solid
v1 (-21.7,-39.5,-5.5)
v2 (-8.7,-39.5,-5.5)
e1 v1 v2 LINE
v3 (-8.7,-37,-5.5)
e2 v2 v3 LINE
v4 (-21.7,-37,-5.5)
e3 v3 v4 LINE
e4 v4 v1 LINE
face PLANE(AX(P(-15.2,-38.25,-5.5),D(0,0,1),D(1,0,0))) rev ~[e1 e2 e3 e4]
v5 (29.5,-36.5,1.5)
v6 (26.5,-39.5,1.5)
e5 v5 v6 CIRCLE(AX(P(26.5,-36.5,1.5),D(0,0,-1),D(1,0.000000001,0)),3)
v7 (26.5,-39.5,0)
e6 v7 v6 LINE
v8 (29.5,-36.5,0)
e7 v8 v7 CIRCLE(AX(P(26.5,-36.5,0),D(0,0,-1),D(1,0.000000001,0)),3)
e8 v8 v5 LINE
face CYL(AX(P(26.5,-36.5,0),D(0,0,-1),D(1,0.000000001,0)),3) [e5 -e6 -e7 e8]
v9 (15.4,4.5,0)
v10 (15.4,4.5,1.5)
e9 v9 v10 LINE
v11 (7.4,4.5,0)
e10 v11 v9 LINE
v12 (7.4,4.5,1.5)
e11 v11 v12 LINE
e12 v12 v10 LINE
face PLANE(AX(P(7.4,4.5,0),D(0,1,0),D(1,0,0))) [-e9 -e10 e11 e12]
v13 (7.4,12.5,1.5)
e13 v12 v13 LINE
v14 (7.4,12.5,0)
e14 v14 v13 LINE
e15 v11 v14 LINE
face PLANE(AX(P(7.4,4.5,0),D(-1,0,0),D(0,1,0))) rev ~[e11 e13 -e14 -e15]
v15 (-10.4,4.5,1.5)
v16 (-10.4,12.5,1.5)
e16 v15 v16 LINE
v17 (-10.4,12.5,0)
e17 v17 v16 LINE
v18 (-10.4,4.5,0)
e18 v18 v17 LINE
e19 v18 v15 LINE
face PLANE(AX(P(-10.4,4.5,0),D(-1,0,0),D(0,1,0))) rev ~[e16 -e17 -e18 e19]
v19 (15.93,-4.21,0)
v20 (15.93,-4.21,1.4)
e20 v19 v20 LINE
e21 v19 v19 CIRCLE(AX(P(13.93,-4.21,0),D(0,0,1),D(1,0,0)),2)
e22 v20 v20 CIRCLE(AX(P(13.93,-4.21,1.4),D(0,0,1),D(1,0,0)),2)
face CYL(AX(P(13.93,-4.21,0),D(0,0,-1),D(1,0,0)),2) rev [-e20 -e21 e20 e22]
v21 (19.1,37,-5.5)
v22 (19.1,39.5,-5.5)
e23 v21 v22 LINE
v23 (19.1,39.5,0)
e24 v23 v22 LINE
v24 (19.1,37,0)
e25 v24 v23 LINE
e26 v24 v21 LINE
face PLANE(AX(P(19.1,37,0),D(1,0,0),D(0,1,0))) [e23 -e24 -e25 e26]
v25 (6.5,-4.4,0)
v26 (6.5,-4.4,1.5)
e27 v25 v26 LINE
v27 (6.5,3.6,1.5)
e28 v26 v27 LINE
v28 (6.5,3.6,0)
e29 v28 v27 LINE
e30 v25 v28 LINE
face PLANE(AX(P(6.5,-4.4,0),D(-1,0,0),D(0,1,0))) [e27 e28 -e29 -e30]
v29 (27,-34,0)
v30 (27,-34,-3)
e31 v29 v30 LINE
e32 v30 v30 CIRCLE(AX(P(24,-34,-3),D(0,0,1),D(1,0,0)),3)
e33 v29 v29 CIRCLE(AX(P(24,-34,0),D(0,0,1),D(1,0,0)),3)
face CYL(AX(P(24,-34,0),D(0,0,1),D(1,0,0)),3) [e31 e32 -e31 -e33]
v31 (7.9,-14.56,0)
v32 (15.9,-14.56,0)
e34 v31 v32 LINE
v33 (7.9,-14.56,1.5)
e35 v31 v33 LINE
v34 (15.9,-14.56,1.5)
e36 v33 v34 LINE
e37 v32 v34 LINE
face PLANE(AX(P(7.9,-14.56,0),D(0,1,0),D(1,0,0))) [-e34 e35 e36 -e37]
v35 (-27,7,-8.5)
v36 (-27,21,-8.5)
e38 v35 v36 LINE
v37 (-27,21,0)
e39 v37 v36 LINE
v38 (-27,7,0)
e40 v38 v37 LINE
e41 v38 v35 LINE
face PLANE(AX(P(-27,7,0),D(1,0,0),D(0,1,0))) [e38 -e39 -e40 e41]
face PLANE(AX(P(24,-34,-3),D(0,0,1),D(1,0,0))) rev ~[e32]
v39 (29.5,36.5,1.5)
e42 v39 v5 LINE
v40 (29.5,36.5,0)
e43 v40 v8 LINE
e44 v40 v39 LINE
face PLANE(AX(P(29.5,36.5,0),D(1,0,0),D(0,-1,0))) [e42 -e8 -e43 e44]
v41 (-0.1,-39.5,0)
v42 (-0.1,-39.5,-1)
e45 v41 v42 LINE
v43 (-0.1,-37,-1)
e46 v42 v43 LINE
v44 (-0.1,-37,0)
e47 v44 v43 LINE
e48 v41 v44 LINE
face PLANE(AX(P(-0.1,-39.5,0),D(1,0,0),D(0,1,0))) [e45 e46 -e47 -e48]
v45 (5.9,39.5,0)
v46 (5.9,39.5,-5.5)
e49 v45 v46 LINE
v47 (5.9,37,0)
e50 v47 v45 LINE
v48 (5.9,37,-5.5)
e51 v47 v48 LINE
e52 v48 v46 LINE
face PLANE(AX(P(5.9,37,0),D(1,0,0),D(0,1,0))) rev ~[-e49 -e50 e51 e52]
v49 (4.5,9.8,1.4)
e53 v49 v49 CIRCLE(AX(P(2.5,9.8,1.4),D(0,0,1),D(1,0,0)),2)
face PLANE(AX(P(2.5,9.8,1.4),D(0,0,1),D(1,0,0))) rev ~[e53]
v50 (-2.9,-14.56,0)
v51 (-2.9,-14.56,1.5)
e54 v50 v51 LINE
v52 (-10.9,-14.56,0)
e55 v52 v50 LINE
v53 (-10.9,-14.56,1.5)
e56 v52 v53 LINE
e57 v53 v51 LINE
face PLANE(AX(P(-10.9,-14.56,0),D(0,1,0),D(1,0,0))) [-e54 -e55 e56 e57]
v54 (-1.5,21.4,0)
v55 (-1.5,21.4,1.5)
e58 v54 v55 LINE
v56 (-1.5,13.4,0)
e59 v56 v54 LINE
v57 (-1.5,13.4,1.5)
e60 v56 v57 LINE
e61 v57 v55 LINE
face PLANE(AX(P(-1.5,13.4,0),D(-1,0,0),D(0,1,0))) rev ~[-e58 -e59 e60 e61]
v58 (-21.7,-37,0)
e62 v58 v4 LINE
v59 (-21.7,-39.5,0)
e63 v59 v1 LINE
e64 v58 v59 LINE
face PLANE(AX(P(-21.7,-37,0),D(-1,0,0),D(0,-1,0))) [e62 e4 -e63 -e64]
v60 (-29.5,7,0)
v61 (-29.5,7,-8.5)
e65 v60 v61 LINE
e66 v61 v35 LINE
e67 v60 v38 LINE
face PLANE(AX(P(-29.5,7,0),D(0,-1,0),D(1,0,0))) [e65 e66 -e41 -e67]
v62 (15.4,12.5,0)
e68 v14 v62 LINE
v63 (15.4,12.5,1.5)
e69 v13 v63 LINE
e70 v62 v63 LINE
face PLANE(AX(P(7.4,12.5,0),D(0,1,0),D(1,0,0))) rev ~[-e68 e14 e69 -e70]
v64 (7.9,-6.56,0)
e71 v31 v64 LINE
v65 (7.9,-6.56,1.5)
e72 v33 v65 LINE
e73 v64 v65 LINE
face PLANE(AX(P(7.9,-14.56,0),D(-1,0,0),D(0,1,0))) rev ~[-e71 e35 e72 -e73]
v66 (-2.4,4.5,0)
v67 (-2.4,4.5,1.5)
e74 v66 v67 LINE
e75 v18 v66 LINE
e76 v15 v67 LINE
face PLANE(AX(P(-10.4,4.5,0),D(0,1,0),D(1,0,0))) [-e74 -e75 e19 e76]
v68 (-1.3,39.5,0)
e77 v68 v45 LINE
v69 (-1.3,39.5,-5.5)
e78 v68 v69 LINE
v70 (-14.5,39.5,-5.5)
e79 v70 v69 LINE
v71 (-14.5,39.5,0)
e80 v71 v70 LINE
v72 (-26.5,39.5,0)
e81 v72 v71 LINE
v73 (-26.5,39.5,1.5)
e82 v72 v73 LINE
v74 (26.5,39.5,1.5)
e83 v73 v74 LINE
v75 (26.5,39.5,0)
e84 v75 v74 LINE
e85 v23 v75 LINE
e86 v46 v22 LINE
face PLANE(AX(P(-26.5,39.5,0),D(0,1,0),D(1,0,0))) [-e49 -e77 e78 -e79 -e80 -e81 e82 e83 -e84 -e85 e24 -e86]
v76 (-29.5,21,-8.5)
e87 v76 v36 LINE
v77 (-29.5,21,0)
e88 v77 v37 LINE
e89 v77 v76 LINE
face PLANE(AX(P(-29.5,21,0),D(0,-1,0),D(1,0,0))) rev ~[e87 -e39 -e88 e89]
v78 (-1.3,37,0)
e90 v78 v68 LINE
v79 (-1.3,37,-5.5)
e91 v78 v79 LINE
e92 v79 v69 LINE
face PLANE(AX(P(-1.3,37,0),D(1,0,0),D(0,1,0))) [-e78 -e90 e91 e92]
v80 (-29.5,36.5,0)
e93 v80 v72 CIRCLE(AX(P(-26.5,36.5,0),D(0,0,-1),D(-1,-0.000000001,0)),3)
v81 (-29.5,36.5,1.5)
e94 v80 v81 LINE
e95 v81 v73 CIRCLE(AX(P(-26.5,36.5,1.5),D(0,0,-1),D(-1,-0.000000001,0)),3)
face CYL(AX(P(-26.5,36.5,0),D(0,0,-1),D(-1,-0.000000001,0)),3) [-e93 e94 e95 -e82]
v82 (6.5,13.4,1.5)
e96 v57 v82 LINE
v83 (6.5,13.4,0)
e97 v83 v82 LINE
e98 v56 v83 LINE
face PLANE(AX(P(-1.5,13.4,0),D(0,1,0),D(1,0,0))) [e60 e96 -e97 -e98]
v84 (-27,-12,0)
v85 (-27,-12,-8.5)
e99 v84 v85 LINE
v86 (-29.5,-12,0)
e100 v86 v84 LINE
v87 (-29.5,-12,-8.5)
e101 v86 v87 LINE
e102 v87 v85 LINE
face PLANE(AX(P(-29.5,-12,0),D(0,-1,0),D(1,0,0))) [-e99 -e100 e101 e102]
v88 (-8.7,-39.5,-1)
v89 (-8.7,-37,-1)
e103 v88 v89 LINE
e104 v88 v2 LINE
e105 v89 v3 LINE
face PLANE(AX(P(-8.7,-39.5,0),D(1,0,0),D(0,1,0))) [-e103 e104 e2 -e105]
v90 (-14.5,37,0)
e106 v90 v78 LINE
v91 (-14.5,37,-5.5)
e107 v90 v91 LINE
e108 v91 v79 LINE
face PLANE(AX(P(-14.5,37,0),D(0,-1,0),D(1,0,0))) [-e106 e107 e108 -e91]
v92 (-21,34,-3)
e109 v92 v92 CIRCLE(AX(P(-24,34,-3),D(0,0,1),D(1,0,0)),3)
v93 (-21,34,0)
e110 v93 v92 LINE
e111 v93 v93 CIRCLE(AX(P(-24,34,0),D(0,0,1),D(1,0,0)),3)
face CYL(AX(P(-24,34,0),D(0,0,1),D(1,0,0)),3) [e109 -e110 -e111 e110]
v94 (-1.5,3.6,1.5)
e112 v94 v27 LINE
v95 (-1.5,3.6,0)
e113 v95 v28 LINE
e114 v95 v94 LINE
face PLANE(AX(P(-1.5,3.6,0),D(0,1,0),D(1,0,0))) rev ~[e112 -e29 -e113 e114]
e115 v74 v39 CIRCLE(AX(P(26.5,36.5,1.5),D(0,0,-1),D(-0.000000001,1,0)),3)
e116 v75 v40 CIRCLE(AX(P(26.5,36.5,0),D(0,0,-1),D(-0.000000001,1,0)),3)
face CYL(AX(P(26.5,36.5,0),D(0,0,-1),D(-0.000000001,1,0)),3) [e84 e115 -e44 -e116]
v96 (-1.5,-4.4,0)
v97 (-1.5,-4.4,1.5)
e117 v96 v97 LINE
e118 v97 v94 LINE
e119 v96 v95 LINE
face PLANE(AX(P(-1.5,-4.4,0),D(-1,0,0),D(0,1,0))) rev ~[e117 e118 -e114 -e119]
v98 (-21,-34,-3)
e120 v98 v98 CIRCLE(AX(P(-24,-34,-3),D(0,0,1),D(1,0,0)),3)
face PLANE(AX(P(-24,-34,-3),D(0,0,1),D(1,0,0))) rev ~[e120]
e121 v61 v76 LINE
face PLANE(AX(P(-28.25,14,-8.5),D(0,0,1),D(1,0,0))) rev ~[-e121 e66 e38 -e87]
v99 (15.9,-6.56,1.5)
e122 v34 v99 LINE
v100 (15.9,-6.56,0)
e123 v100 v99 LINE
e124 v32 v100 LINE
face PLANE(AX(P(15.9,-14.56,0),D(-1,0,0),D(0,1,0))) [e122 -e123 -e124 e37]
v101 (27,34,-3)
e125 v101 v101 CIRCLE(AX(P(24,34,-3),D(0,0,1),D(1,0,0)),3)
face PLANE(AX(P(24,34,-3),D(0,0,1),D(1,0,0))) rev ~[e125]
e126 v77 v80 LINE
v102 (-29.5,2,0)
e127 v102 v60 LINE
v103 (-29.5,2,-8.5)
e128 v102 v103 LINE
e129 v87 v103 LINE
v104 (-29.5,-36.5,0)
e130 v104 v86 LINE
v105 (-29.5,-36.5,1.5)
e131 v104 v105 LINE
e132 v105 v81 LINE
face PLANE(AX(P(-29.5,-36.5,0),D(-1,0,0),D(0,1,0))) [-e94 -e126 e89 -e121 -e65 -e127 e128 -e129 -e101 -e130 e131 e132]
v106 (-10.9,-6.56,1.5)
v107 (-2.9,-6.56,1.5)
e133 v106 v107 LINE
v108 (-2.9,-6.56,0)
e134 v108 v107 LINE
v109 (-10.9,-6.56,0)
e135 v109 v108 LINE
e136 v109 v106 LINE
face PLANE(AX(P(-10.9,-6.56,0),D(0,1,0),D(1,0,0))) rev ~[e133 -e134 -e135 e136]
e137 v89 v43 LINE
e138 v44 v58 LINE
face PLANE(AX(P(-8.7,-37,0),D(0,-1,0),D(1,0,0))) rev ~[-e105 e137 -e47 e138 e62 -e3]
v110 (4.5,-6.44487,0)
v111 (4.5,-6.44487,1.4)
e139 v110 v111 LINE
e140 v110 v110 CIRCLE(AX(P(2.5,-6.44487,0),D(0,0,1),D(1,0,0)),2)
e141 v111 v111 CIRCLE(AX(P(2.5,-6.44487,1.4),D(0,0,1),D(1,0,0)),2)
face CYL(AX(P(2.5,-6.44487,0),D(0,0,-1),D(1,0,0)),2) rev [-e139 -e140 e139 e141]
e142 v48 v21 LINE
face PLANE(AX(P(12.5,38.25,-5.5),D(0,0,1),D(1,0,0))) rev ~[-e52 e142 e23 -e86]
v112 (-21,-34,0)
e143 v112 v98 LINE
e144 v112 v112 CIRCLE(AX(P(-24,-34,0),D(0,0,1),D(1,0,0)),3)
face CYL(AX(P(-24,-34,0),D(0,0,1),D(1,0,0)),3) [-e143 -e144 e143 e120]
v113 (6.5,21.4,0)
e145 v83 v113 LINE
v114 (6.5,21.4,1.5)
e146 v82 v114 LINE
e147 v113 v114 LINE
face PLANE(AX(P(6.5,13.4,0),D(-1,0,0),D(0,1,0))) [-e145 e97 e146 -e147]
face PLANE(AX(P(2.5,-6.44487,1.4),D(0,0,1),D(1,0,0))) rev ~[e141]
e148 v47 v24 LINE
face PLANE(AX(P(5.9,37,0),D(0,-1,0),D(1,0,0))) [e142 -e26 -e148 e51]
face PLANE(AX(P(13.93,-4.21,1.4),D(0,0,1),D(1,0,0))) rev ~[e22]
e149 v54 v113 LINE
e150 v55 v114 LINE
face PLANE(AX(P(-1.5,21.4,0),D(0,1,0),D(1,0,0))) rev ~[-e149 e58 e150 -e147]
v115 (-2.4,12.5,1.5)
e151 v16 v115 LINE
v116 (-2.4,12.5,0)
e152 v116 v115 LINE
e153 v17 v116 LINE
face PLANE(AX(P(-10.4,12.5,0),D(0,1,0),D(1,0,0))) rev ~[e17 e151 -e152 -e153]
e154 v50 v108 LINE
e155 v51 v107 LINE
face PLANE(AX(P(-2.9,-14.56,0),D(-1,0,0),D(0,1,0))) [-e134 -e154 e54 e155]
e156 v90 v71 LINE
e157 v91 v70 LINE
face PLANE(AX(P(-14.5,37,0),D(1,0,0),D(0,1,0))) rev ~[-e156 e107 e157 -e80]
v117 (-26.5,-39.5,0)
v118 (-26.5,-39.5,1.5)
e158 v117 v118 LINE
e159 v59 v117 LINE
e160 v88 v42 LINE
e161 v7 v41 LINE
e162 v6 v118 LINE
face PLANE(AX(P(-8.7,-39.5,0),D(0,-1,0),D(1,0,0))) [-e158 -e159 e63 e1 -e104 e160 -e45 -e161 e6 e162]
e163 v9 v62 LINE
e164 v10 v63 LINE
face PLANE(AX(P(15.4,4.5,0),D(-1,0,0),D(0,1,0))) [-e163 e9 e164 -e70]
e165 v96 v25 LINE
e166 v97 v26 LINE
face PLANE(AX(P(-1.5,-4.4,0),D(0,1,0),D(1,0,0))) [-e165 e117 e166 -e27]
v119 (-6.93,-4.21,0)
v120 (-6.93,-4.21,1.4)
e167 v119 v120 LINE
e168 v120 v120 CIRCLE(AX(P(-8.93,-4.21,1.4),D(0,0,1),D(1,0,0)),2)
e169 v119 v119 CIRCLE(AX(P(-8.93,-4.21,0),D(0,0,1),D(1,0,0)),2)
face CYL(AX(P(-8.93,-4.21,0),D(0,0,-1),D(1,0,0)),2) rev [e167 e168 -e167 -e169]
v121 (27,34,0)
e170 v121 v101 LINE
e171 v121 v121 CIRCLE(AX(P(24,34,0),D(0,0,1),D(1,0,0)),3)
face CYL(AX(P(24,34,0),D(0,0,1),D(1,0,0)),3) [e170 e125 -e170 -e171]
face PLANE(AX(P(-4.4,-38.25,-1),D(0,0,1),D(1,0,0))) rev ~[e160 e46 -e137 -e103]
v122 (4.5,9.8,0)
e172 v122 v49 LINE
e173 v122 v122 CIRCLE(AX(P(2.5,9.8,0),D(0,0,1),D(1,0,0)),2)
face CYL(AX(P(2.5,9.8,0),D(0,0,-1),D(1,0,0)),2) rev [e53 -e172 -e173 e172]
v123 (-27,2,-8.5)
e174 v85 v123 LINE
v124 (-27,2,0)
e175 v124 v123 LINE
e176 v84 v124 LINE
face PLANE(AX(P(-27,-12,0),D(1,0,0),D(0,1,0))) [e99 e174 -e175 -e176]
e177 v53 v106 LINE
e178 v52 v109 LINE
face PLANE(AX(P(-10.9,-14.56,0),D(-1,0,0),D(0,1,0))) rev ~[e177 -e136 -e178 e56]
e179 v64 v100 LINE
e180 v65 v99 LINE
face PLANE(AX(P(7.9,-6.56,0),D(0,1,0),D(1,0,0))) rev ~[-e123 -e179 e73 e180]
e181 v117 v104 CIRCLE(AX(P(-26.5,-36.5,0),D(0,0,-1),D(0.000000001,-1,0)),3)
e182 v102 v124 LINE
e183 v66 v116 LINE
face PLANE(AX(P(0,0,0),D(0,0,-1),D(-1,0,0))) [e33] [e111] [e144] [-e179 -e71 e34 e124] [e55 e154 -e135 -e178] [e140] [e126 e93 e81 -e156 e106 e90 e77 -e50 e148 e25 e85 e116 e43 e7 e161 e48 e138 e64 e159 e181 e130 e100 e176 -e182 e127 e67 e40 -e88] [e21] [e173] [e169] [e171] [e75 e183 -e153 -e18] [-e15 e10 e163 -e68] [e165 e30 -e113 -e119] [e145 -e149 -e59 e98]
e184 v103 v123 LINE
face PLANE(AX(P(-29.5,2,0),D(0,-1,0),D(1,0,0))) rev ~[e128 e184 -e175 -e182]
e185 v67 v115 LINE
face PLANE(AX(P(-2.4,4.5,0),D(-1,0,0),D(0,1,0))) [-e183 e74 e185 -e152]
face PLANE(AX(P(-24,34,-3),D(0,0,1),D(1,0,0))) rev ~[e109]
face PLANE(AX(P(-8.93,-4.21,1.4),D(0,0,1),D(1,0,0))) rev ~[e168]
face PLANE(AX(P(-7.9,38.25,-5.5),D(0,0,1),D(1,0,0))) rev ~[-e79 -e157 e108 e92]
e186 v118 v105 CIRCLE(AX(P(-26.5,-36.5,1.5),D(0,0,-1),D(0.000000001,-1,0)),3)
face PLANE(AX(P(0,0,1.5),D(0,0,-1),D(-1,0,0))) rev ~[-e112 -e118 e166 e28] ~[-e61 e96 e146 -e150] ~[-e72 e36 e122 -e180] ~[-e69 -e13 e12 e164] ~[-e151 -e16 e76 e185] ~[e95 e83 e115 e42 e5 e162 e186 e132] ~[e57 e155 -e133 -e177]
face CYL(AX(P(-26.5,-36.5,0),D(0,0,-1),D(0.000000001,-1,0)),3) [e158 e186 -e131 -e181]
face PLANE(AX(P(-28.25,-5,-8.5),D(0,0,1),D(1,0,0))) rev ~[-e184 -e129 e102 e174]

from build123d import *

# Parameters (mm, degrees)
EXTRUDE_1_DEPTH     = 1.5
SKETCH_1_10_W       = 2.5
SKETCH_1_10_H       = 14
EXTRUDE_2_DEPTH     = 8.5
SKETCH_1_11_W       = 13.2
SKETCH_1_11_H       = 2.5
SKETCH_1_11_W_2     = 13
EXTRUDE_3_DEPTH     = 5.5
SKETCH_1_13_R       = 3
EXTRUDE_4_DEPTH     = 3
SKETCH_1_14_W       = 8.6
SKETCH_1_14_H       = 2.5
EXTRUDE_5_DEPTH     = 1
SKETCH_1_15_R       = 2
CUT_EXTRUDE_1_DEPTH = 1.4


with BuildPart() as part:
    # 草图1 → 凸台-拉伸1 (new body)
    with BuildSketch(Plane.XY):
        with BuildLine():
            ThreePointArc((-26.5, 39.5), (-28.621320344, 38.621320344), (-29.5, 36.5))
            Line((-29.5, 36.5), (-29.5, -36.5))
            ThreePointArc((-29.5, -36.5), (-28.621320344, -38.621320344), (-26.5, -39.5))
            Line((-26.5, -39.5), (26.5, -39.5))
            ThreePointArc((26.5, -39.5), (28.621320344, -38.621320344), (29.5, -36.5))
            Line((29.5, -36.5), (29.5, 36.5))
            ThreePointArc((29.5, 36.5), (28.621320344, 38.621320344), (26.5, 39.5))
            Line((26.5, 39.5), (-26.5, 39.5))
        make_face()
        Polygon((-2.9, -6.56), (-2.9, -10.56), (-2.9, -14.56), (-10.9, -14.56), (-10.9, -6.56), align=None, mode=Mode.SUBTRACT)
        Polygon((7.9, -14.56), (7.9, -10.56), (7.9, -6.56), (15.9, -6.56), (15.9, -14.56), align=None, mode=Mode.SUBTRACT)
        Polygon((-1.5, 3.6), (2.5, 3.6), (6.5, 3.6), (6.5, -4.4), (2.5, -4.4), (-1.5, -4.4), align=None, mode=Mode.SUBTRACT)
        Polygon((-2.4, 12.5), (-2.4, 8.5), (-2.4, 4.5), (-10.4, 4.5), (-10.4, 12.5), align=None, mode=Mode.SUBTRACT)
        Polygon((7.4, 8.5), (7.4, 12.5), (15.4, 12.5), (15.4, 4.5), (7.4, 4.5), align=None, mode=Mode.SUBTRACT)
        Polygon((6.5, 13.4), (2.5, 13.4), (-1.5, 13.4), (-1.5, 21.4), (6.5, 21.4), align=None, mode=Mode.SUBTRACT)
    extrude(amount=EXTRUDE_1_DEPTH)

    # 草图1<10> → 凸台-拉伸2 (add)
    with BuildSketch(Plane.XY):
        with Locations((-28.25, 14)):
            Rectangle(SKETCH_1_10_W, SKETCH_1_10_H)
        with Locations((-28.25, -5)):
            Rectangle(SKETCH_1_10_W, SKETCH_1_10_H)
    extrude(amount=-EXTRUDE_2_DEPTH)

    # 草图1<11> → 凸台-拉伸3 (add)
    with BuildSketch(Plane.XY):
        with Locations((-7.9, 38.25)):
            Rectangle(SKETCH_1_11_W, SKETCH_1_11_H)
        with Locations((12.5, 38.25)):
            Rectangle(SKETCH_1_11_W, SKETCH_1_11_H)
        with Locations((-15.2, -38.25)):
            Rectangle(SKETCH_1_11_W_2, SKETCH_1_11_H)
    extrude(amount=-EXTRUDE_3_DEPTH)

    # 草图1<13> → 凸台-拉伸4 (add)
    with BuildSketch(Plane.XY):
        with Locations((24, 34)):
            Circle(SKETCH_1_13_R)
        with Locations((-24, 34)):
            Circle(SKETCH_1_13_R)
        with Locations((-24, -34)):
            Circle(SKETCH_1_13_R)
        with Locations((24, -34)):
            Circle(SKETCH_1_13_R)
    extrude(amount=-EXTRUDE_4_DEPTH)

    # 草图1<14> → 凸台-拉伸5 (add)
    with BuildSketch(Plane.XY):
        with Locations((-4.4, -38.25)):
            Rectangle(SKETCH_1_14_W, SKETCH_1_14_H)
    extrude(amount=-EXTRUDE_5_DEPTH)

    # 草图1<15> → 切除-拉伸1 (cut)
    with BuildSketch(Plane.XY):
        with Locations((2.5, 9.8)):
            Circle(SKETCH_1_15_R)
        with Locations((-8.93, -4.21)):
            Circle(SKETCH_1_15_R)
        with Locations((13.93, -4.21)):
            Circle(SKETCH_1_15_R)
        with Locations((2.5, -6.444870341)):
            Circle(SKETCH_1_15_R)
    extrude(amount=CUT_EXTRUDE_1_DEPTH, mode=Mode.SUBTRACT)


solid = part.part
